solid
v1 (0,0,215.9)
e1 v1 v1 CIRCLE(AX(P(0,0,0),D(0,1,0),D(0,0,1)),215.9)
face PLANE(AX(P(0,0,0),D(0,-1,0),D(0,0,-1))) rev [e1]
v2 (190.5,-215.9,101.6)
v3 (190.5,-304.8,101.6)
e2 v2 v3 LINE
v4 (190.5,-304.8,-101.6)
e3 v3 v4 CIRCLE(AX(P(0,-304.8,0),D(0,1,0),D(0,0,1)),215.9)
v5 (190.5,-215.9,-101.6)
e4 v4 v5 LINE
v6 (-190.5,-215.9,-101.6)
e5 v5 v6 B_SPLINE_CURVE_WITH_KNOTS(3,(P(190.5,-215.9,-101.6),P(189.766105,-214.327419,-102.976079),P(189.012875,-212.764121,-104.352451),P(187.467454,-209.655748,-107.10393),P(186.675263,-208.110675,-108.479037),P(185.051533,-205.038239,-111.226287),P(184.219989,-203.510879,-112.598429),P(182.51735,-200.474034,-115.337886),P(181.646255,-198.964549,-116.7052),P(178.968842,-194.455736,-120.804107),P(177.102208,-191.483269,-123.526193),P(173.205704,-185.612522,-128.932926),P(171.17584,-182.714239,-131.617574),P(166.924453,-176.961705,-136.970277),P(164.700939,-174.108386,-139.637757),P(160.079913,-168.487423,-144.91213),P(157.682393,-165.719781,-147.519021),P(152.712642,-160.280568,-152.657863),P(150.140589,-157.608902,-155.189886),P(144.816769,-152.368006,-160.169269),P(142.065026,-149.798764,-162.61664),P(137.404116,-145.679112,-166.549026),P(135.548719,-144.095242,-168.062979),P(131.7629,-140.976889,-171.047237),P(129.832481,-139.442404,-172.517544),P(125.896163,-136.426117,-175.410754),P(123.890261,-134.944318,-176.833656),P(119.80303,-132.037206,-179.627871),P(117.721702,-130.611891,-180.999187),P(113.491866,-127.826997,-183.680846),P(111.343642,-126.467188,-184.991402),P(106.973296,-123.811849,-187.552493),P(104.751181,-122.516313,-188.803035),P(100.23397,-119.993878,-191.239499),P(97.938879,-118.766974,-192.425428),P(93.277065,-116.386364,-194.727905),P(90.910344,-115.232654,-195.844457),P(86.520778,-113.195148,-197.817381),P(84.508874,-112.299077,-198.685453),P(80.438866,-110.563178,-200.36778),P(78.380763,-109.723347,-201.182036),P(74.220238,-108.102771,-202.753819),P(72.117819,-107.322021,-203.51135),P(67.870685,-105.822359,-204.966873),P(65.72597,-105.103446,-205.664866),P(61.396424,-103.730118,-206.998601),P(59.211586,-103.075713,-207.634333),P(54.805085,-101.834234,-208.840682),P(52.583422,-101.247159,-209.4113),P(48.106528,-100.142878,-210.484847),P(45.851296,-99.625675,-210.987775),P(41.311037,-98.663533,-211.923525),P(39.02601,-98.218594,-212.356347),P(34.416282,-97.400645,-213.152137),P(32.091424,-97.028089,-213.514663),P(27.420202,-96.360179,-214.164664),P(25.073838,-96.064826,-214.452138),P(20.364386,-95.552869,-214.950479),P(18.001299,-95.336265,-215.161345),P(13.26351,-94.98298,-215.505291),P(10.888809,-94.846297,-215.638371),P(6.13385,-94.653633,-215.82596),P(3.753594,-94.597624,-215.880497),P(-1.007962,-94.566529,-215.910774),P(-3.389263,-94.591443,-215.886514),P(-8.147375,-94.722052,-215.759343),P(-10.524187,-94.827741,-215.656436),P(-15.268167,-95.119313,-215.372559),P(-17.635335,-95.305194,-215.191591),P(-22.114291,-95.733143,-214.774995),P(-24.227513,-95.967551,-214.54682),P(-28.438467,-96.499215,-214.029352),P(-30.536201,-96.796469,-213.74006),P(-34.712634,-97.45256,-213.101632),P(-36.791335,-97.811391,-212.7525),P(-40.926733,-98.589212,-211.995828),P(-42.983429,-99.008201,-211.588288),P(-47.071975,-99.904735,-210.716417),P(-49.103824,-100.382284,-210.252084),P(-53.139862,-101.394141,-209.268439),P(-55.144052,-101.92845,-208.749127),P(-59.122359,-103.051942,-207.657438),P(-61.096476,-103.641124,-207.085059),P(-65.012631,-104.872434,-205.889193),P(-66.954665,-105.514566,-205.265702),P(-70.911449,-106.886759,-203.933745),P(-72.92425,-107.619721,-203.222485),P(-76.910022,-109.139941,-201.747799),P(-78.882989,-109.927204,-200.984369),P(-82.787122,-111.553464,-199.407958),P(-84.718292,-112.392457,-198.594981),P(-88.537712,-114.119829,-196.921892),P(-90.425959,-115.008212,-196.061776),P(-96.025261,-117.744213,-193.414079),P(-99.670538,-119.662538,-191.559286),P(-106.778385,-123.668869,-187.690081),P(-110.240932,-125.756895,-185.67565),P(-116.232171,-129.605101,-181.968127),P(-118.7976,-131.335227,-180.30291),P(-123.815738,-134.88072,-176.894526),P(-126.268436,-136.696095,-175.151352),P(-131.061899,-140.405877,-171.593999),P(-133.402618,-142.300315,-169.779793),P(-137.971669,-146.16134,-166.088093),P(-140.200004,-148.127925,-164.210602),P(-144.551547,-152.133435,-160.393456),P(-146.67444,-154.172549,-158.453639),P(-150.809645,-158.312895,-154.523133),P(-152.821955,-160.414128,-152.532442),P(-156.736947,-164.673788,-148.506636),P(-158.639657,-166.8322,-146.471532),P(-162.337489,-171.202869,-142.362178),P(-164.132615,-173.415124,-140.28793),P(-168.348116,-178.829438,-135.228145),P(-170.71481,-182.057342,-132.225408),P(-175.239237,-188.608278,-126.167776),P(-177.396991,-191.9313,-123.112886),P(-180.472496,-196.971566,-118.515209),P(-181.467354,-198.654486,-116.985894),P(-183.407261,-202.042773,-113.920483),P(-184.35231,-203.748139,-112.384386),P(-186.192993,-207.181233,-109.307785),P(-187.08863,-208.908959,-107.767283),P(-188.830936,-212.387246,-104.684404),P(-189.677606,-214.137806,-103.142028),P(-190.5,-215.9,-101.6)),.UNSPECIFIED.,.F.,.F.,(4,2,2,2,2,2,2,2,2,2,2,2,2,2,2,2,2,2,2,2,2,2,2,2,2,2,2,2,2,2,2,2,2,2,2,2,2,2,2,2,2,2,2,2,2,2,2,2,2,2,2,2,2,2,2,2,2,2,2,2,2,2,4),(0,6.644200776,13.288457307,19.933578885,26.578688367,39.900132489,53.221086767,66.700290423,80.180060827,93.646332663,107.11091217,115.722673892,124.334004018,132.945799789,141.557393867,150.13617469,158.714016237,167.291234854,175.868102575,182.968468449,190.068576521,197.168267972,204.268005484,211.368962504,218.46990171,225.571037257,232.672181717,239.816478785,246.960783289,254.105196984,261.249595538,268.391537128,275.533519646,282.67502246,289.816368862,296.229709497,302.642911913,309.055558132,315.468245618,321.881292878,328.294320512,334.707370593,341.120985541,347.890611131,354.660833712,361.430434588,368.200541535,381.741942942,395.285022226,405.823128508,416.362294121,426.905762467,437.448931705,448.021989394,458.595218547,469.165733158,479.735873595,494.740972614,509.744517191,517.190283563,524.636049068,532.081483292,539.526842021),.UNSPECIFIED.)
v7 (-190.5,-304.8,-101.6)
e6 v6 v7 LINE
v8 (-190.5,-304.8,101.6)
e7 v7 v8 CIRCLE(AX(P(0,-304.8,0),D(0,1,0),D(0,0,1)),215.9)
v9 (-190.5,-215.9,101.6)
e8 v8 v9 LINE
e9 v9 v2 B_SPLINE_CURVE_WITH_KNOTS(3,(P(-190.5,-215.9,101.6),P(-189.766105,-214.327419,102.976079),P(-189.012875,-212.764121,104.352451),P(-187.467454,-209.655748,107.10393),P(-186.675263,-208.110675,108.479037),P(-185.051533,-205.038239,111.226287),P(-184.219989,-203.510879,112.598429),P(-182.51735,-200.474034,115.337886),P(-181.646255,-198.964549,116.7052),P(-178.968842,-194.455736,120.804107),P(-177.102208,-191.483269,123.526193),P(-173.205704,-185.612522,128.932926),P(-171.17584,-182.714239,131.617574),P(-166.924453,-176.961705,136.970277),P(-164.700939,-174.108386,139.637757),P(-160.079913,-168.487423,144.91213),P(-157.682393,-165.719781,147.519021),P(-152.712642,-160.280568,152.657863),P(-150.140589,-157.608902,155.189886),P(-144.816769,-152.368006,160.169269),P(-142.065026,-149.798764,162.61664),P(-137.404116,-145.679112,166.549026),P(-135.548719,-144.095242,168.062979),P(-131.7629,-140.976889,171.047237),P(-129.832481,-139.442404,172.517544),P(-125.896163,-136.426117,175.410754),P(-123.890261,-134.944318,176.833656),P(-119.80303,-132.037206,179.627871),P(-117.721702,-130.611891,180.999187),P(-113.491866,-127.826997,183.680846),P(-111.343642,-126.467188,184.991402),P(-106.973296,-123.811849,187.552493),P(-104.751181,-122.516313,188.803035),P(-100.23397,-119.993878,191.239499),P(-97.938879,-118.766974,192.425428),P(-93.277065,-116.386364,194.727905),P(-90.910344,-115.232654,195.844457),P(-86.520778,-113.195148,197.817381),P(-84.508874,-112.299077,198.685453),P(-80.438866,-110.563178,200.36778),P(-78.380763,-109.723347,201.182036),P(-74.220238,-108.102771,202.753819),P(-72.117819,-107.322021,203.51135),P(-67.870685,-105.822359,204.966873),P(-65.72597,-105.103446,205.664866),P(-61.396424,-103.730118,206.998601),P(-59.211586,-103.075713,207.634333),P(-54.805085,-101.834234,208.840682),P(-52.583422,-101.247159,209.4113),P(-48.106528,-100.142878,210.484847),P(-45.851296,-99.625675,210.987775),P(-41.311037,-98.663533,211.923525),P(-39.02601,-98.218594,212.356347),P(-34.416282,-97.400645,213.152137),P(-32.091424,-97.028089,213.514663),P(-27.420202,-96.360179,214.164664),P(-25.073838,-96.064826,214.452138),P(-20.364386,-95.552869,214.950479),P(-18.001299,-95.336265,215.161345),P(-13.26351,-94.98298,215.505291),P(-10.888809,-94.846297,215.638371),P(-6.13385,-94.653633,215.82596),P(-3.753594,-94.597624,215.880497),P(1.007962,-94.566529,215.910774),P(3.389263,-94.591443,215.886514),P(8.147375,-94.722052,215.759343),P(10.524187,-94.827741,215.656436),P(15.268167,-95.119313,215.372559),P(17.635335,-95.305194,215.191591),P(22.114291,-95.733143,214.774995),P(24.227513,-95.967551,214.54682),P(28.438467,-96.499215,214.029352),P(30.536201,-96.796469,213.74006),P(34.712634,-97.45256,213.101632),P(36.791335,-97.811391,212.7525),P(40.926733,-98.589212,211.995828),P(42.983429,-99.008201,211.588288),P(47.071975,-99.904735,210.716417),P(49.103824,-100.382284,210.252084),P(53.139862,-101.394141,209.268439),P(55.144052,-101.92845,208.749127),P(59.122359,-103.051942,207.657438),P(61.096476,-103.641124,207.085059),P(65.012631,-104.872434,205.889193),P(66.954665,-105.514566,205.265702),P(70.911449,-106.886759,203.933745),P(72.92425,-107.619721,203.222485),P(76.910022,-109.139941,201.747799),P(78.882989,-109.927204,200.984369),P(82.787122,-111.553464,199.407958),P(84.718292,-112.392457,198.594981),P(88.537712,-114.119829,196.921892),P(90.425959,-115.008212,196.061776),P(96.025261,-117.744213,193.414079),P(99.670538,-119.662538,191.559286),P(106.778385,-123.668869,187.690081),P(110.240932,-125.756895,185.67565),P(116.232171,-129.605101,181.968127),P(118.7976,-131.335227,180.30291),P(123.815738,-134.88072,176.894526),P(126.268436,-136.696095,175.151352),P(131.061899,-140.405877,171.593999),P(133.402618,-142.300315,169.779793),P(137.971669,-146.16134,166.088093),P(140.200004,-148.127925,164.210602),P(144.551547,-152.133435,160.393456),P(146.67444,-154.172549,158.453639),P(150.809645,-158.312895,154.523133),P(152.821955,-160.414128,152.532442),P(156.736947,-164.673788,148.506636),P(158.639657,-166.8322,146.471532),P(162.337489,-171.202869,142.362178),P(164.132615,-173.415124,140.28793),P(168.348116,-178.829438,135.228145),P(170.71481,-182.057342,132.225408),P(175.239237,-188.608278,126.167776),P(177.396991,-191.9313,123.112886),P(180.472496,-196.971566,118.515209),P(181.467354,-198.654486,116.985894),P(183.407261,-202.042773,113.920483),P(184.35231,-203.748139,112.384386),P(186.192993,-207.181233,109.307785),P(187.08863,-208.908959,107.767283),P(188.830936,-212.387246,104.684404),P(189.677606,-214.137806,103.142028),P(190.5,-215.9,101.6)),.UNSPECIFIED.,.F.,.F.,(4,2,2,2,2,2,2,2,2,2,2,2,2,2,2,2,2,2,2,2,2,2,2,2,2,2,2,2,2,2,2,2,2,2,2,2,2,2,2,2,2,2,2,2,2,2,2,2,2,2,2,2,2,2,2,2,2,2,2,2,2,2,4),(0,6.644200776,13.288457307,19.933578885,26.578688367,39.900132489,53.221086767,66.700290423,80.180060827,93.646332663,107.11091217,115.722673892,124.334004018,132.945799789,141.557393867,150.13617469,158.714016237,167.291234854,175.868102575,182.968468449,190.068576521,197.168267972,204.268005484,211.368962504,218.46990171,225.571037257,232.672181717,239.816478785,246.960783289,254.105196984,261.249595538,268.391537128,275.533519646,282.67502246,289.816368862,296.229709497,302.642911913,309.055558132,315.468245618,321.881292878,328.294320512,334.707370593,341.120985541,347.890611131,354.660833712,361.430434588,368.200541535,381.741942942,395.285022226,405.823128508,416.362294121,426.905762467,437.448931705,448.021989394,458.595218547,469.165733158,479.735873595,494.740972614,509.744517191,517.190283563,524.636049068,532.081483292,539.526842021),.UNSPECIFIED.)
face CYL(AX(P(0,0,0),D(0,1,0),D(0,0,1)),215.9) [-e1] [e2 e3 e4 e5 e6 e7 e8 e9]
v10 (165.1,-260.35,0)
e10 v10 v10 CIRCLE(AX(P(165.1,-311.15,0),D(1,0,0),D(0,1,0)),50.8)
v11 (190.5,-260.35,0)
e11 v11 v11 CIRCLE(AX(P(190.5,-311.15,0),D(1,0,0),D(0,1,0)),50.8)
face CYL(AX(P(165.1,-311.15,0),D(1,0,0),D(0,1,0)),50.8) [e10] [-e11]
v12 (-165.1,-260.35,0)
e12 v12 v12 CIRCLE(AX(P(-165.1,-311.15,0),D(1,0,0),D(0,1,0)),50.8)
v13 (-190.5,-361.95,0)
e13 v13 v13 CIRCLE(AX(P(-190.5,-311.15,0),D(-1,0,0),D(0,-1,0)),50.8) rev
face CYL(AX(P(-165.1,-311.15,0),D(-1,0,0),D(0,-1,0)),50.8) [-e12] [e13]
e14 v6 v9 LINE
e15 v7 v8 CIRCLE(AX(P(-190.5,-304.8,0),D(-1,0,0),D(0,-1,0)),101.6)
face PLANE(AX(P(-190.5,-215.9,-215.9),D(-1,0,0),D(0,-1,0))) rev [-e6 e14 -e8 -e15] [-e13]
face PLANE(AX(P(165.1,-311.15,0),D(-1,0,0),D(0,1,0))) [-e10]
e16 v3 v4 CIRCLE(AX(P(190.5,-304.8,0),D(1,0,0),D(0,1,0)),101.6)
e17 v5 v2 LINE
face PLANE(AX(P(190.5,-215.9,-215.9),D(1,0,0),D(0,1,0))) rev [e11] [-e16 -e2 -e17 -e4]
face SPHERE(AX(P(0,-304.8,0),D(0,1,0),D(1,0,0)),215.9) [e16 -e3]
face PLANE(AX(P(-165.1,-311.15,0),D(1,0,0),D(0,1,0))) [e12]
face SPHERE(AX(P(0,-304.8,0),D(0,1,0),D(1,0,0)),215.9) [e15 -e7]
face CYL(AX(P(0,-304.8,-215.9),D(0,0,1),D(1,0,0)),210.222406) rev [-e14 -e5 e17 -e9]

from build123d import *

# Parameters (mm, degrees)
CUT_EXTRUDE1_DEPTH      = 216.9
CUT_EXTRUDE1_DEPTH_BACK = 216.9
SKETCH4_R               = 50.8
BOSS_EXTRUDE1_DEPTH     = 25.4


with BuildPart() as part:
    # Sketch2 → Revolve1 (revolve)
    with BuildSketch(Plane.XY):
        with BuildLine():
            Line((0, 0), (215.9, 0))
            Line((215.9, 0), (215.9, -304.8))
            ThreePointArc((215.9, -304.8), (152.664354058, -457.464354058), (0, -520.7))
            Line((0, -520.7), (0, 0))
        make_face()
    revolve(axis=Axis((0, 0, 0), (0, -1, 0)))

    # Sketch3 → Cut-Extrude1 (cut, two sides)
    with BuildSketch(Plane.XY) as cut_extrude1_sk:
        with BuildLine():
            Line((190.5, -215.9), (190.5, -546.1))
            Line((190.5, -546.1), (-190.5, -546.1))
            Line((-190.5, -546.1), (-190.5, -215.9))
            ThreePointArc((-190.5, -215.9), (0, -94.577593963), (190.5, -215.9))
        make_face()
    extrude(amount=CUT_EXTRUDE1_DEPTH, mode=Mode.SUBTRACT)
    extrude(cut_extrude1_sk.sketch, amount=-CUT_EXTRUDE1_DEPTH_BACK, mode=Mode.SUBTRACT)

    # Sketch4 → Boss-Extrude1 (add)
    with BuildSketch(Plane(origin=(-190.5, 0, 0), x_dir=(0, 0, -1), z_dir=(1, 0, 0))):
        with Locations((0, -311.15)):
            Circle(SKETCH4_R)
    boss_extrude1 = extrude(amount=BOSS_EXTRUDE1_DEPTH)

    # Mirror1: Boss-Extrude1 across plane
    add(boss_extrude1.mirror(Plane(origin=(0, 0, 0), x_dir=(0, 0, 1), z_dir=(1, 0, 0))))


solid = part.part
